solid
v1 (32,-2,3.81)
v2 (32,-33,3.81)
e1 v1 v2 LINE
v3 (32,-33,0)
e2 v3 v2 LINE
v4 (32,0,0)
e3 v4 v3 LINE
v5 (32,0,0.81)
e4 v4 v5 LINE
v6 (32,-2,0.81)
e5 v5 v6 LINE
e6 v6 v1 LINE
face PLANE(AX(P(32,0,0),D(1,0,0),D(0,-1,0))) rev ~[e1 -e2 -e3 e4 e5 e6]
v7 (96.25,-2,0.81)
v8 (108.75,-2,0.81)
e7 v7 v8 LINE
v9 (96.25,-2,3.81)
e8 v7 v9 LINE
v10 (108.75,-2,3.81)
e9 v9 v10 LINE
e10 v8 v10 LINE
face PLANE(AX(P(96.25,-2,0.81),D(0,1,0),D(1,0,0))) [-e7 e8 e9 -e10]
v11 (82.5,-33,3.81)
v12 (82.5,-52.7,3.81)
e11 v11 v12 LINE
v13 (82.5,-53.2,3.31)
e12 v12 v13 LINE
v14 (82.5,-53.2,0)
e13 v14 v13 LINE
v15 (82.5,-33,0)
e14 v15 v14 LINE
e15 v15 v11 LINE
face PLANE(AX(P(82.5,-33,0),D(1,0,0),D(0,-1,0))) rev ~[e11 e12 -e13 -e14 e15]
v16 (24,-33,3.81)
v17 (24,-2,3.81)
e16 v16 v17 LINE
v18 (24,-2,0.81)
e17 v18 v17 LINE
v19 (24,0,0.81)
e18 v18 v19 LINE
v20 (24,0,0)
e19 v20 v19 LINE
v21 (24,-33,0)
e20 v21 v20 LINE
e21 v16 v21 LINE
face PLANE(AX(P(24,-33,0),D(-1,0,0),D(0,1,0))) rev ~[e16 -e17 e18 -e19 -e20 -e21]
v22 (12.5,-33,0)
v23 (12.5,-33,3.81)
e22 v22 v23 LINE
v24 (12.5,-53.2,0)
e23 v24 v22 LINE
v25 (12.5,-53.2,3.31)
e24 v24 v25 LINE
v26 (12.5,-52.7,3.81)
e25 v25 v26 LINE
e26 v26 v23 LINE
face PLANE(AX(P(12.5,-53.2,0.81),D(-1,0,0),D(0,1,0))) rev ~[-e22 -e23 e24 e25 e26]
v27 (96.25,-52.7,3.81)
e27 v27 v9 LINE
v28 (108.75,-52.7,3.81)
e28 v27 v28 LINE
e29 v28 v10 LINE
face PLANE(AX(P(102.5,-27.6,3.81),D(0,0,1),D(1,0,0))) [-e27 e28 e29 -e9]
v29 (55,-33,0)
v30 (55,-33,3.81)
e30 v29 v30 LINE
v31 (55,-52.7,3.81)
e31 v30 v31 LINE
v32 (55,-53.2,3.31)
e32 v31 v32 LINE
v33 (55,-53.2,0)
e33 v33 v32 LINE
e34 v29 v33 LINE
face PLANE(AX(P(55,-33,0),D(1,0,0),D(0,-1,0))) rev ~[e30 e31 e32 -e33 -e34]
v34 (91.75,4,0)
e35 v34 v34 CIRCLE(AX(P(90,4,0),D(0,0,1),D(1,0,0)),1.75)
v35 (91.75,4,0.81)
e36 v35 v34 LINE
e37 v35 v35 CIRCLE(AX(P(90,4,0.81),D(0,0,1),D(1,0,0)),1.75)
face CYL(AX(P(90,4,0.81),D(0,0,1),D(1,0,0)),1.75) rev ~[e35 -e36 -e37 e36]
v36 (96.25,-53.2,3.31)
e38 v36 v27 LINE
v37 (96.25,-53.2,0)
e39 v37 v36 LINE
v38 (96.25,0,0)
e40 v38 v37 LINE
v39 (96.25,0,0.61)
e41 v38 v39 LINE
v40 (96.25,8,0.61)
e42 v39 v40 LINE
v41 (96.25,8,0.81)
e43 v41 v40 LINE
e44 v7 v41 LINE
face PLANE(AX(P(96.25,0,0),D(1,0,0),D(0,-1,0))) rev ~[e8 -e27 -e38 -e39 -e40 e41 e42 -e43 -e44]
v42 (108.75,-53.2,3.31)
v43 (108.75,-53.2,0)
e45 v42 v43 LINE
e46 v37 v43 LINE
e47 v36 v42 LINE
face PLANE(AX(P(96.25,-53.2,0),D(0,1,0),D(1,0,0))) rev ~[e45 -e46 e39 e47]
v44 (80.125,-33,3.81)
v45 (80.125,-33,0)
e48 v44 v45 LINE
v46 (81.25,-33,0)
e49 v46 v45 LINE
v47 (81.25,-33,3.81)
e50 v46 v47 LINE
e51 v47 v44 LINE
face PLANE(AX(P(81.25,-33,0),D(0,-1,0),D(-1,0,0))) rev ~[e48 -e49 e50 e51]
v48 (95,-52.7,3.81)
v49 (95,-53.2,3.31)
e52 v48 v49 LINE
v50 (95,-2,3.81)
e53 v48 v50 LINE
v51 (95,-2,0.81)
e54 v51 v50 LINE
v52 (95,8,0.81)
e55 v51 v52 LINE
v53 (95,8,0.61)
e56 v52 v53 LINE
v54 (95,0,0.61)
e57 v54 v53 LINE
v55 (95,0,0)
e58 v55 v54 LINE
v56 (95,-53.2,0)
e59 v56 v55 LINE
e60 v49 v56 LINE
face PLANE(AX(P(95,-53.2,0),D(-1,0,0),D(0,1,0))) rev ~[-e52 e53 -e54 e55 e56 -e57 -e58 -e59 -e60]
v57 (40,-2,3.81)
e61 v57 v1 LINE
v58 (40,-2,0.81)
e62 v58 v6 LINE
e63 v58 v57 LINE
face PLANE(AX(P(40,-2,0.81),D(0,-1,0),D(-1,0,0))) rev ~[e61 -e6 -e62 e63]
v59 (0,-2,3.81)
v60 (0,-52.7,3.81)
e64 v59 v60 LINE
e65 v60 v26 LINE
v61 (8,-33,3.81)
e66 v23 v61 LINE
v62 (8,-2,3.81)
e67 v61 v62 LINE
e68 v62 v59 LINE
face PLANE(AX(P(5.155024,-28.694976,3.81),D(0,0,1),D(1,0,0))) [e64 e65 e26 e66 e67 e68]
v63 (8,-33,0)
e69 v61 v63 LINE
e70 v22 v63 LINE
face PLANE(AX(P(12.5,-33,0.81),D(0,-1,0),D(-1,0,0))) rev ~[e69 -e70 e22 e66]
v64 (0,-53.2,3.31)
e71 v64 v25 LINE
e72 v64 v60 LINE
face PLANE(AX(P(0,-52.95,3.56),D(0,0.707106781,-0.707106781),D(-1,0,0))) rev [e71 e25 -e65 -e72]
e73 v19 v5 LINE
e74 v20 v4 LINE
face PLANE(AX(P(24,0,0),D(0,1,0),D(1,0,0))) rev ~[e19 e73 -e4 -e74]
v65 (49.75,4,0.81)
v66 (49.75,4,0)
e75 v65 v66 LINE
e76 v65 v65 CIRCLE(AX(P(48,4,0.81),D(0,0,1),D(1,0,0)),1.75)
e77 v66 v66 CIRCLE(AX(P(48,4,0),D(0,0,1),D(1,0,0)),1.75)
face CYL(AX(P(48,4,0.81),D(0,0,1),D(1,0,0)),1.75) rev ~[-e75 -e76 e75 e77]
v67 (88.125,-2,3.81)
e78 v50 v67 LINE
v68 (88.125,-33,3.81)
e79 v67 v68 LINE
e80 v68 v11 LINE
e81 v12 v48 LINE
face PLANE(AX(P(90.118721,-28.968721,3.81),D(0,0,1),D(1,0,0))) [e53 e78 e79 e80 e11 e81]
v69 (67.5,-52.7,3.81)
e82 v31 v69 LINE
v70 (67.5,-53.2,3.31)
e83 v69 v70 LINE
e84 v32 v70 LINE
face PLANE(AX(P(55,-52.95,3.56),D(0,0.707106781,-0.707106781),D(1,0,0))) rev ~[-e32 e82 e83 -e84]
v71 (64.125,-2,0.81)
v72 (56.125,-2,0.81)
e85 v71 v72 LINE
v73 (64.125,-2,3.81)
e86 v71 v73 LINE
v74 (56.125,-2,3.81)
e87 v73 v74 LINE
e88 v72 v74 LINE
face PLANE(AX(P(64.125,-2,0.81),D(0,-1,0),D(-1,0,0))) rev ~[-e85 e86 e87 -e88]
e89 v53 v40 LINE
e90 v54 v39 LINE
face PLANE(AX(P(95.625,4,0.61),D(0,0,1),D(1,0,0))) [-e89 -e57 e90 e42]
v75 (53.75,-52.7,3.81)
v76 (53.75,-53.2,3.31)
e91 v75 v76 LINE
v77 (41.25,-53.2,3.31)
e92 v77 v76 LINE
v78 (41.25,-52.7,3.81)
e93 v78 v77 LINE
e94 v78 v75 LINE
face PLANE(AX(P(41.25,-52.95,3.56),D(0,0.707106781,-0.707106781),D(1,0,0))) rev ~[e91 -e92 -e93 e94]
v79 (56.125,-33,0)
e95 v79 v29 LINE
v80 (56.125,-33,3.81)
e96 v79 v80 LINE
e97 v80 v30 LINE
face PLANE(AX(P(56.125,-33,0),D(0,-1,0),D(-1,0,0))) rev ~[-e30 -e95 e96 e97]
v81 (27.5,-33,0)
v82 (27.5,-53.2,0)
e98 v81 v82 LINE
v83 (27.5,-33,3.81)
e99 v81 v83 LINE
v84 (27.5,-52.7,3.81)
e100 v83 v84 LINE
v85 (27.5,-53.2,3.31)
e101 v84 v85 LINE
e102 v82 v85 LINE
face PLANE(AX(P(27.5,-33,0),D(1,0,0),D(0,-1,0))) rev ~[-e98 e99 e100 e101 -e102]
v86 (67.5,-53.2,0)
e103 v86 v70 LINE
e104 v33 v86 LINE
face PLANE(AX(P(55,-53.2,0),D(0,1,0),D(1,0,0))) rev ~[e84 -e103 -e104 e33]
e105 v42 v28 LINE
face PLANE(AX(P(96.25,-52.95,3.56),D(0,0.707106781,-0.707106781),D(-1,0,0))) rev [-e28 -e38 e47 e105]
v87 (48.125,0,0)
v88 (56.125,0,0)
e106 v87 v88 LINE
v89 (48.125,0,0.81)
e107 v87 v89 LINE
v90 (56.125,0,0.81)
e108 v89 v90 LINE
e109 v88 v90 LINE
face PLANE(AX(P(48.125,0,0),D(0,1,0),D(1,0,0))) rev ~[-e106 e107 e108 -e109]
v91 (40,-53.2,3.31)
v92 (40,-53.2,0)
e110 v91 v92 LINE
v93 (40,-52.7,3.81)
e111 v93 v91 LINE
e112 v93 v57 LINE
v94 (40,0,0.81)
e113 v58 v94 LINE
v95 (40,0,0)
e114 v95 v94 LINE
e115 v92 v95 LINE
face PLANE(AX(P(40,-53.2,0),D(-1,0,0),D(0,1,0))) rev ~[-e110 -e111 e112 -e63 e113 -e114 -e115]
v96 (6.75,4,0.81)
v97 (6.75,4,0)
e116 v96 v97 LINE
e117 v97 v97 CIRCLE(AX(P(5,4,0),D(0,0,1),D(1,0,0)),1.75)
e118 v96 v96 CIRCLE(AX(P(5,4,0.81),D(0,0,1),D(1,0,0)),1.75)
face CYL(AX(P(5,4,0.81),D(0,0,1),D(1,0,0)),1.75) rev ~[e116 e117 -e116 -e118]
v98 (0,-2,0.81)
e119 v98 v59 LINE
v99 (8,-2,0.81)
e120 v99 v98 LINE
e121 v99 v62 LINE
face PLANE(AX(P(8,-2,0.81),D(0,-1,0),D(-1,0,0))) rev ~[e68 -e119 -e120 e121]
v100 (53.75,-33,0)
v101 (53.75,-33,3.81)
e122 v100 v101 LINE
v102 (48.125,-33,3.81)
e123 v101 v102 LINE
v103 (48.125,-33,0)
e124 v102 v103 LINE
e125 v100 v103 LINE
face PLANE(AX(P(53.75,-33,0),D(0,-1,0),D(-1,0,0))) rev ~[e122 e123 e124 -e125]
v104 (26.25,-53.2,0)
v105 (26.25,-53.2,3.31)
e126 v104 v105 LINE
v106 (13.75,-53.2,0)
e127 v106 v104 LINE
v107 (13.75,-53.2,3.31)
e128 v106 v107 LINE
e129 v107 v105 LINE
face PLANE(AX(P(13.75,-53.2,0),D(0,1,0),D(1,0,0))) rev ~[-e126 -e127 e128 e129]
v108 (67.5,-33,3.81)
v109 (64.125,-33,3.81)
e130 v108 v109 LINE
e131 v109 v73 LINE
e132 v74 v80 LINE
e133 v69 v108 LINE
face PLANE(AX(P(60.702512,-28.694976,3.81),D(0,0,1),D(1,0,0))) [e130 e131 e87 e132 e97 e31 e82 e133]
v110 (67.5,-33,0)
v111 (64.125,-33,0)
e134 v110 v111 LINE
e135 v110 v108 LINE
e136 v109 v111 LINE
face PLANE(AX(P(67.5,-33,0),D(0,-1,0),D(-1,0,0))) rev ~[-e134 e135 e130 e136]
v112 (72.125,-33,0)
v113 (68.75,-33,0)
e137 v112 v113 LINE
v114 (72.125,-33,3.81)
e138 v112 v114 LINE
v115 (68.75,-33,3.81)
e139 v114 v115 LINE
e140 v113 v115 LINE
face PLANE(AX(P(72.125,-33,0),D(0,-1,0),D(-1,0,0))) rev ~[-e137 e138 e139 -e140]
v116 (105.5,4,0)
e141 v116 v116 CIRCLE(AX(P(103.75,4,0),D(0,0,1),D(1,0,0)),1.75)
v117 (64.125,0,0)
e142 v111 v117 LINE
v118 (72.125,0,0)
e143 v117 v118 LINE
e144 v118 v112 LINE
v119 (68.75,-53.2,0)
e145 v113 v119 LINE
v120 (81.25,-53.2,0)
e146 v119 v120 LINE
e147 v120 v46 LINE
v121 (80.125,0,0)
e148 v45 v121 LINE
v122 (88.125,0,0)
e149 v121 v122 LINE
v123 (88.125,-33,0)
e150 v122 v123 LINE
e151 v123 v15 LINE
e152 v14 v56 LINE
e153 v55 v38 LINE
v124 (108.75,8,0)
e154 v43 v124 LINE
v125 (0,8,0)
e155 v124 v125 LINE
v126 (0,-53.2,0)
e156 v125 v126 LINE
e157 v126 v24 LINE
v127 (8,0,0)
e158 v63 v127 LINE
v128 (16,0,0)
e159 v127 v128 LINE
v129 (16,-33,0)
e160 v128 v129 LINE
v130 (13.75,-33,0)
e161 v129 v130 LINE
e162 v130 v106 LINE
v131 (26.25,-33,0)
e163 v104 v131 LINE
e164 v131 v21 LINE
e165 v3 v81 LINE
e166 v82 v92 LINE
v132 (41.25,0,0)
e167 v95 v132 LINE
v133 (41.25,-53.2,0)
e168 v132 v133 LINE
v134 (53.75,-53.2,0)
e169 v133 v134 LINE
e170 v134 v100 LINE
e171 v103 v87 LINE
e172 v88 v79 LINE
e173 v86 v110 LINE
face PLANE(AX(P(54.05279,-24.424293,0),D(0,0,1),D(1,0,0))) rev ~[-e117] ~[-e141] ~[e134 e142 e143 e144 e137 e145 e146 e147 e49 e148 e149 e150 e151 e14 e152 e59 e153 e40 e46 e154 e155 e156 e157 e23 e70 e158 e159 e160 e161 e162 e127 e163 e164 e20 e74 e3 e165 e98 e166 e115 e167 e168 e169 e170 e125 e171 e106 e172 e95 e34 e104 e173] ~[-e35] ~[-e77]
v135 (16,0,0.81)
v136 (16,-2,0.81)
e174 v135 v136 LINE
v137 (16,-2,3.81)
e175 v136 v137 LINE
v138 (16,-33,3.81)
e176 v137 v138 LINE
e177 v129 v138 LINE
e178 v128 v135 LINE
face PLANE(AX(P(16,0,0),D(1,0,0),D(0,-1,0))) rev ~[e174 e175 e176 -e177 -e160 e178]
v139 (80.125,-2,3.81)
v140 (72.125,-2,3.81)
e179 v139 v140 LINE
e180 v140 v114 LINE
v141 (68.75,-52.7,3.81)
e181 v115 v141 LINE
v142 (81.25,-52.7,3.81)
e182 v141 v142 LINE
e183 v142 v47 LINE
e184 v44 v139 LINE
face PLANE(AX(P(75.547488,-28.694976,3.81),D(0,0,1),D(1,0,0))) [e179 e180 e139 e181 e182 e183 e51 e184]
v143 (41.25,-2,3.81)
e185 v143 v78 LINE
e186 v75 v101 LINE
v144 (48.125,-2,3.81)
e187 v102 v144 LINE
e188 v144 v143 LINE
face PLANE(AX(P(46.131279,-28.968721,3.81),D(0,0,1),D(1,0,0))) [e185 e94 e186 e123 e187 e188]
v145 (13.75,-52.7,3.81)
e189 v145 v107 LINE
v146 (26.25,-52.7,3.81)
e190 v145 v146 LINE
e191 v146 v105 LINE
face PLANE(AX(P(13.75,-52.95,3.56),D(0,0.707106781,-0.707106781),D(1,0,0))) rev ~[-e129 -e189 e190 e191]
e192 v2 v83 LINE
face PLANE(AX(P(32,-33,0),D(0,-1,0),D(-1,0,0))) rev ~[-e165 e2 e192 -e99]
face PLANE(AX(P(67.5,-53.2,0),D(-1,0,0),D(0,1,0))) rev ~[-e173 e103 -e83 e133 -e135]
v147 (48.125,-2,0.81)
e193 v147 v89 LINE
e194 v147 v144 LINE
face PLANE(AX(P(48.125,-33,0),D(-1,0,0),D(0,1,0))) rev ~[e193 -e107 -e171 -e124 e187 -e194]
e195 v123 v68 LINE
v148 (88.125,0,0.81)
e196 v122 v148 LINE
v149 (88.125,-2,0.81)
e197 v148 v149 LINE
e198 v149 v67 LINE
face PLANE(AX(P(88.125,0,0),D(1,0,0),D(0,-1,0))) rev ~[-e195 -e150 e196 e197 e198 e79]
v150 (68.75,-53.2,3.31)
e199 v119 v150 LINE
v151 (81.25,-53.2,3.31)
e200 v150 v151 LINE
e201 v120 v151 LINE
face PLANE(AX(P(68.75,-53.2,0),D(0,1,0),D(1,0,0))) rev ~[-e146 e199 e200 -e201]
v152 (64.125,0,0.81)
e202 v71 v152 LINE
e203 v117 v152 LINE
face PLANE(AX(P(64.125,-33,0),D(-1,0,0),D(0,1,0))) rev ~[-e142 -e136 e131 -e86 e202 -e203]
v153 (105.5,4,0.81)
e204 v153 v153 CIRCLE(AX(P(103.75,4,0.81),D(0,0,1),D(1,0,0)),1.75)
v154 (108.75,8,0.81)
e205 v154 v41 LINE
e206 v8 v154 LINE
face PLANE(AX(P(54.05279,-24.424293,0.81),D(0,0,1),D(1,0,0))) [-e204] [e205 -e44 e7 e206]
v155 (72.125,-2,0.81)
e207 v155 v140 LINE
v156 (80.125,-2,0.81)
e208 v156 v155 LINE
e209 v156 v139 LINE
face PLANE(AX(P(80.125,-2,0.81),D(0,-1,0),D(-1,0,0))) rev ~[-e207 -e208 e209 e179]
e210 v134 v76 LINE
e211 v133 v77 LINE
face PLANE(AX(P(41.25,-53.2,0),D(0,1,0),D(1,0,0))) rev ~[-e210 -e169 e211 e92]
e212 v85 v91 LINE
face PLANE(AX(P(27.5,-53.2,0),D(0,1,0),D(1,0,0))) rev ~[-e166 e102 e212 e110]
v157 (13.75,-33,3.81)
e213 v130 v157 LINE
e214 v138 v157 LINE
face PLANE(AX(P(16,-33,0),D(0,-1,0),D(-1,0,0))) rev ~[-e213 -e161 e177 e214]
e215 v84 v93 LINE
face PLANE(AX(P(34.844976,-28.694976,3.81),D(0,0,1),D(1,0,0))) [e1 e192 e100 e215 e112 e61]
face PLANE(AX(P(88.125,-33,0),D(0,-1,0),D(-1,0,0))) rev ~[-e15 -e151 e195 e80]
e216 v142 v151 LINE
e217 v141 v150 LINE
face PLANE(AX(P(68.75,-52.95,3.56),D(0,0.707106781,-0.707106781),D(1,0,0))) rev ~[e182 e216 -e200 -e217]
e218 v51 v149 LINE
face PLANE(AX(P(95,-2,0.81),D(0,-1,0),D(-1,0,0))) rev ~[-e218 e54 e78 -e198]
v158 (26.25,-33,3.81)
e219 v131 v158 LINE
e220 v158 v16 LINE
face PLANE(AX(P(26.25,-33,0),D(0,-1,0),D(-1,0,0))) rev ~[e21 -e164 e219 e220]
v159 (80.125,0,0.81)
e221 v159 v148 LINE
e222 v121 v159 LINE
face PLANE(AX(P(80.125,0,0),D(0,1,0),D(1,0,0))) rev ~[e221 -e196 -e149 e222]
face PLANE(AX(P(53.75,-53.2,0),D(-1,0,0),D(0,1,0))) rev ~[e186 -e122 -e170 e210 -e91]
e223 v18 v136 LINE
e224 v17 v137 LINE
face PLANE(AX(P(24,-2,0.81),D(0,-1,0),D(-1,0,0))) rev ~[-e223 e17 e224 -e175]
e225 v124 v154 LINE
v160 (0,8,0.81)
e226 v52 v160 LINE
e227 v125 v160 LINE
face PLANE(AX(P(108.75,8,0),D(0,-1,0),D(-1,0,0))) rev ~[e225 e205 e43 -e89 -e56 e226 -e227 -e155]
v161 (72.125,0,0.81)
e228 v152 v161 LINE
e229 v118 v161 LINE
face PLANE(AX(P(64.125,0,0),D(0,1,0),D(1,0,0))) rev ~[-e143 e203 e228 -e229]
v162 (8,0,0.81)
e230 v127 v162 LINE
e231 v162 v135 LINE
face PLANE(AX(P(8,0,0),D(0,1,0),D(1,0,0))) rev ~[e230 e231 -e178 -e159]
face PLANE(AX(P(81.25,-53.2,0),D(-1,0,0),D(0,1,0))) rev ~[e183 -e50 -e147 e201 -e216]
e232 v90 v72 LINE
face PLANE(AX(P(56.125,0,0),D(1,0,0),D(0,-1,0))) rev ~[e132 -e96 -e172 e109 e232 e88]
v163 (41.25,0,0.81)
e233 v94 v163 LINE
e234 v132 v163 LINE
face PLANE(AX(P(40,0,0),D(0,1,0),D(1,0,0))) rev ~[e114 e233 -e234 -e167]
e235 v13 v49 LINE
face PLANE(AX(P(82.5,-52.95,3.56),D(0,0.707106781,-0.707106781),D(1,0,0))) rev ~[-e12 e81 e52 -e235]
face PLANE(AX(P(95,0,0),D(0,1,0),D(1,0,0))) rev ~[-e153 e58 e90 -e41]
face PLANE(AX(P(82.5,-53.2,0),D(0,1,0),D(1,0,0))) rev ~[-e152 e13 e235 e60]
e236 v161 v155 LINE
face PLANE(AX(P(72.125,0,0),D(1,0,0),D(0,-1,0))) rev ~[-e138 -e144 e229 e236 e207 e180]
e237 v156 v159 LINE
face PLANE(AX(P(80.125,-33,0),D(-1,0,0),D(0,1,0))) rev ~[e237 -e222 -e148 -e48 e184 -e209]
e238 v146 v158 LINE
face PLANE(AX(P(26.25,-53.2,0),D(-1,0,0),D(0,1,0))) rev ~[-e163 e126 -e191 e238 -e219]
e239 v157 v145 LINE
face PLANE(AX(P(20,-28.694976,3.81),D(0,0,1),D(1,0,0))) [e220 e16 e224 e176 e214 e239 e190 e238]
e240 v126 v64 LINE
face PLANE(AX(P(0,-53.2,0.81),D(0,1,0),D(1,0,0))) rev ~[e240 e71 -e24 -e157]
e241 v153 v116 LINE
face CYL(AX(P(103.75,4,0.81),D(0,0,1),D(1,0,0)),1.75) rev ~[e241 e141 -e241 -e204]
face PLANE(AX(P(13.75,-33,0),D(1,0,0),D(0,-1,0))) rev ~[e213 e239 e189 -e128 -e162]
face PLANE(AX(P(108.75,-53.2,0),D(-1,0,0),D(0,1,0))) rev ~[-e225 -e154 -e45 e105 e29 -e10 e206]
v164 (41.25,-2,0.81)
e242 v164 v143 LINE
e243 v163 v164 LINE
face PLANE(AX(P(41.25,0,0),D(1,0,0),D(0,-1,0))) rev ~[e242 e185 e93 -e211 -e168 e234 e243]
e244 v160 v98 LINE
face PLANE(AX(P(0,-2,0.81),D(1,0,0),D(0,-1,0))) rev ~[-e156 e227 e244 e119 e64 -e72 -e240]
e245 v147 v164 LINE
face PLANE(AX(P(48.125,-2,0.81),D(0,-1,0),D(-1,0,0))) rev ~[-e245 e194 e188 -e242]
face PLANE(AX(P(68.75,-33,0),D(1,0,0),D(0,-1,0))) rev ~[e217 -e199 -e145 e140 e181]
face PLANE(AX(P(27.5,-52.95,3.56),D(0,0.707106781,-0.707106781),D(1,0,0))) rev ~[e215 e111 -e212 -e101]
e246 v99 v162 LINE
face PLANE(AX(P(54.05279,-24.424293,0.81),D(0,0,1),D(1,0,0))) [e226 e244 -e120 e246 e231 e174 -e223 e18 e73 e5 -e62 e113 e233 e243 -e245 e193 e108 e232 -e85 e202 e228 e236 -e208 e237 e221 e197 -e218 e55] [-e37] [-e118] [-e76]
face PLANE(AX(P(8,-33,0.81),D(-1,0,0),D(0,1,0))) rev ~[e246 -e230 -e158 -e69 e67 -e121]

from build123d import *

# Parameters (mm, degrees)
PAD_DEPTH       = 0.81
SKETCH001_W     = 12.5
SKETCH001_H     = 51.2
PAD001_DEPTH    = 3
SKETCH002_R     = 1.75
POCKET_DEPTH    = 5
SKETCH003_W     = 1.25
SKETCH003_H     = 8
POCKET001_DEPTH = 0.2
CHAMFER_SIZE    = 0.5


with BuildPart() as part:
    # Sketch → Pad (new body)
    with BuildSketch(Plane.XY):
        Polygon((0, 0), (0, -53.2), (12.5, -53.2), (12.5, -33), (8, -33), (8, 0), (16, 0), (16, -33), (13.75, -33), (13.75, -53.2), (26.25, -53.2), (26.25, -33), (24, -33), (24, 0), (32, 0), (32, -33), (27.5, -33), (27.5, -53.2), (40, -53.2), (40, 0), (41.25, 0), (41.25, -53.2), (53.75, -53.2), (53.75, -33), (48.125, -33), (48.125, 0), (56.125, 0), (56.125, -33), (55, -33), (55, -53.2), (67.5, -53.2), (67.5, -33), (64.125, -33), (64.125, 0), (72.125, 0), (72.125, -33), (68.75, -33), (68.75, -53.2), (81.25, -53.2), (81.25, -33), (80.125, -33), (80.125, 0), (88.125, 0), (88.125, -33), (82.5, -33), (82.5, -53.2), (95, -53.2), (95, 0), (96.25, 0), (96.25, -53.2), (108.75, -53.2), (108.75, 0), (108.75, 8), (0, 8), align=None)
    extrude(amount=PAD_DEPTH)

    # Sketch001 (on Face56 of Pad) → Pad001 (join)
    with BuildSketch(Plane.XY.offset(0.81)):
        Polygon((0, -2), (0, -53.2), (12.5, -53.2), (12.5, -33), (8, -33), (8, -2), align=None)
        Polygon((16, -2), (16, -33), (13.75, -33), (13.75, -53.2), (26.25, -53.2), (26.25, -33), (24, -33), (24, -2), align=None)
        Polygon((32, -2), (32, -33), (27.5, -33), (27.5, -53.2), (40, -53.2), (40, -2), align=None)
        Polygon((41.25, -2), (41.25, -53.2), (53.75, -53.2), (53.75, -33), (48.125, -33), (48.125, -2), align=None)
        Polygon((56.125, -2), (56.125, -33), (55, -33), (55, -53.2), (67.5, -53.2), (67.5, -33), (64.125, -33), (64.125, -2), align=None)
        Polygon((72.125, -2), (72.125, -33), (68.75, -33), (68.75, -53.2), (81.25, -53.2), (81.25, -33), (80.125, -33), (80.125, -2), align=None)
        Polygon((88.125, -2), (88.125, -33), (82.5, -33), (82.5, -53.2), (95, -53.2), (95, -2), align=None)
        with Locations((102.5, -27.6)):
            Rectangle(SKETCH001_W, SKETCH001_H)
    extrude(amount=PAD001_DEPTH)

    # Sketch002 (on Face5 of Pad001) → Pocket (cut)
    with BuildSketch(Plane.XY.offset(0.81)):
        with Locations((5, 4)):
            Circle(SKETCH002_R)
        with Locations((48, 4)):
            Circle(SKETCH002_R)
        with Locations((90, 4)):
            Circle(SKETCH002_R)
        with Locations((103.75, 4)):
            Circle(SKETCH002_R)
    extrude(amount=-POCKET_DEPTH, mode=Mode.SUBTRACT)

    # Sketch003 (on Face5 of Pocket) → Pocket001 (cut)
    with BuildSketch(Plane.XY.offset(0.81)):
        with Locations((95.625, 4)):
            Rectangle(SKETCH003_W, SKETCH003_H)
    extrude(amount=-POCKET001_DEPTH, mode=Mode.SUBTRACT)

    # Chamfer
    chamfer_edges = [part.edges().sort_by_distance(p)[0] for p in [
        (6.25, -53.2, 3.81),
        (20, -53.2, 3.81),
        (33.75, -53.2, 3.81),
        (47.5, -53.2, 3.81),
        (61.25, -53.2, 3.81),
        (75, -53.2, 3.81),
        (88.75, -53.2, 3.81),
        (102.5, -53.2, 3.81),
    ]]
    chamfer(chamfer_edges, length=CHAMFER_SIZE)


solid = part.part
